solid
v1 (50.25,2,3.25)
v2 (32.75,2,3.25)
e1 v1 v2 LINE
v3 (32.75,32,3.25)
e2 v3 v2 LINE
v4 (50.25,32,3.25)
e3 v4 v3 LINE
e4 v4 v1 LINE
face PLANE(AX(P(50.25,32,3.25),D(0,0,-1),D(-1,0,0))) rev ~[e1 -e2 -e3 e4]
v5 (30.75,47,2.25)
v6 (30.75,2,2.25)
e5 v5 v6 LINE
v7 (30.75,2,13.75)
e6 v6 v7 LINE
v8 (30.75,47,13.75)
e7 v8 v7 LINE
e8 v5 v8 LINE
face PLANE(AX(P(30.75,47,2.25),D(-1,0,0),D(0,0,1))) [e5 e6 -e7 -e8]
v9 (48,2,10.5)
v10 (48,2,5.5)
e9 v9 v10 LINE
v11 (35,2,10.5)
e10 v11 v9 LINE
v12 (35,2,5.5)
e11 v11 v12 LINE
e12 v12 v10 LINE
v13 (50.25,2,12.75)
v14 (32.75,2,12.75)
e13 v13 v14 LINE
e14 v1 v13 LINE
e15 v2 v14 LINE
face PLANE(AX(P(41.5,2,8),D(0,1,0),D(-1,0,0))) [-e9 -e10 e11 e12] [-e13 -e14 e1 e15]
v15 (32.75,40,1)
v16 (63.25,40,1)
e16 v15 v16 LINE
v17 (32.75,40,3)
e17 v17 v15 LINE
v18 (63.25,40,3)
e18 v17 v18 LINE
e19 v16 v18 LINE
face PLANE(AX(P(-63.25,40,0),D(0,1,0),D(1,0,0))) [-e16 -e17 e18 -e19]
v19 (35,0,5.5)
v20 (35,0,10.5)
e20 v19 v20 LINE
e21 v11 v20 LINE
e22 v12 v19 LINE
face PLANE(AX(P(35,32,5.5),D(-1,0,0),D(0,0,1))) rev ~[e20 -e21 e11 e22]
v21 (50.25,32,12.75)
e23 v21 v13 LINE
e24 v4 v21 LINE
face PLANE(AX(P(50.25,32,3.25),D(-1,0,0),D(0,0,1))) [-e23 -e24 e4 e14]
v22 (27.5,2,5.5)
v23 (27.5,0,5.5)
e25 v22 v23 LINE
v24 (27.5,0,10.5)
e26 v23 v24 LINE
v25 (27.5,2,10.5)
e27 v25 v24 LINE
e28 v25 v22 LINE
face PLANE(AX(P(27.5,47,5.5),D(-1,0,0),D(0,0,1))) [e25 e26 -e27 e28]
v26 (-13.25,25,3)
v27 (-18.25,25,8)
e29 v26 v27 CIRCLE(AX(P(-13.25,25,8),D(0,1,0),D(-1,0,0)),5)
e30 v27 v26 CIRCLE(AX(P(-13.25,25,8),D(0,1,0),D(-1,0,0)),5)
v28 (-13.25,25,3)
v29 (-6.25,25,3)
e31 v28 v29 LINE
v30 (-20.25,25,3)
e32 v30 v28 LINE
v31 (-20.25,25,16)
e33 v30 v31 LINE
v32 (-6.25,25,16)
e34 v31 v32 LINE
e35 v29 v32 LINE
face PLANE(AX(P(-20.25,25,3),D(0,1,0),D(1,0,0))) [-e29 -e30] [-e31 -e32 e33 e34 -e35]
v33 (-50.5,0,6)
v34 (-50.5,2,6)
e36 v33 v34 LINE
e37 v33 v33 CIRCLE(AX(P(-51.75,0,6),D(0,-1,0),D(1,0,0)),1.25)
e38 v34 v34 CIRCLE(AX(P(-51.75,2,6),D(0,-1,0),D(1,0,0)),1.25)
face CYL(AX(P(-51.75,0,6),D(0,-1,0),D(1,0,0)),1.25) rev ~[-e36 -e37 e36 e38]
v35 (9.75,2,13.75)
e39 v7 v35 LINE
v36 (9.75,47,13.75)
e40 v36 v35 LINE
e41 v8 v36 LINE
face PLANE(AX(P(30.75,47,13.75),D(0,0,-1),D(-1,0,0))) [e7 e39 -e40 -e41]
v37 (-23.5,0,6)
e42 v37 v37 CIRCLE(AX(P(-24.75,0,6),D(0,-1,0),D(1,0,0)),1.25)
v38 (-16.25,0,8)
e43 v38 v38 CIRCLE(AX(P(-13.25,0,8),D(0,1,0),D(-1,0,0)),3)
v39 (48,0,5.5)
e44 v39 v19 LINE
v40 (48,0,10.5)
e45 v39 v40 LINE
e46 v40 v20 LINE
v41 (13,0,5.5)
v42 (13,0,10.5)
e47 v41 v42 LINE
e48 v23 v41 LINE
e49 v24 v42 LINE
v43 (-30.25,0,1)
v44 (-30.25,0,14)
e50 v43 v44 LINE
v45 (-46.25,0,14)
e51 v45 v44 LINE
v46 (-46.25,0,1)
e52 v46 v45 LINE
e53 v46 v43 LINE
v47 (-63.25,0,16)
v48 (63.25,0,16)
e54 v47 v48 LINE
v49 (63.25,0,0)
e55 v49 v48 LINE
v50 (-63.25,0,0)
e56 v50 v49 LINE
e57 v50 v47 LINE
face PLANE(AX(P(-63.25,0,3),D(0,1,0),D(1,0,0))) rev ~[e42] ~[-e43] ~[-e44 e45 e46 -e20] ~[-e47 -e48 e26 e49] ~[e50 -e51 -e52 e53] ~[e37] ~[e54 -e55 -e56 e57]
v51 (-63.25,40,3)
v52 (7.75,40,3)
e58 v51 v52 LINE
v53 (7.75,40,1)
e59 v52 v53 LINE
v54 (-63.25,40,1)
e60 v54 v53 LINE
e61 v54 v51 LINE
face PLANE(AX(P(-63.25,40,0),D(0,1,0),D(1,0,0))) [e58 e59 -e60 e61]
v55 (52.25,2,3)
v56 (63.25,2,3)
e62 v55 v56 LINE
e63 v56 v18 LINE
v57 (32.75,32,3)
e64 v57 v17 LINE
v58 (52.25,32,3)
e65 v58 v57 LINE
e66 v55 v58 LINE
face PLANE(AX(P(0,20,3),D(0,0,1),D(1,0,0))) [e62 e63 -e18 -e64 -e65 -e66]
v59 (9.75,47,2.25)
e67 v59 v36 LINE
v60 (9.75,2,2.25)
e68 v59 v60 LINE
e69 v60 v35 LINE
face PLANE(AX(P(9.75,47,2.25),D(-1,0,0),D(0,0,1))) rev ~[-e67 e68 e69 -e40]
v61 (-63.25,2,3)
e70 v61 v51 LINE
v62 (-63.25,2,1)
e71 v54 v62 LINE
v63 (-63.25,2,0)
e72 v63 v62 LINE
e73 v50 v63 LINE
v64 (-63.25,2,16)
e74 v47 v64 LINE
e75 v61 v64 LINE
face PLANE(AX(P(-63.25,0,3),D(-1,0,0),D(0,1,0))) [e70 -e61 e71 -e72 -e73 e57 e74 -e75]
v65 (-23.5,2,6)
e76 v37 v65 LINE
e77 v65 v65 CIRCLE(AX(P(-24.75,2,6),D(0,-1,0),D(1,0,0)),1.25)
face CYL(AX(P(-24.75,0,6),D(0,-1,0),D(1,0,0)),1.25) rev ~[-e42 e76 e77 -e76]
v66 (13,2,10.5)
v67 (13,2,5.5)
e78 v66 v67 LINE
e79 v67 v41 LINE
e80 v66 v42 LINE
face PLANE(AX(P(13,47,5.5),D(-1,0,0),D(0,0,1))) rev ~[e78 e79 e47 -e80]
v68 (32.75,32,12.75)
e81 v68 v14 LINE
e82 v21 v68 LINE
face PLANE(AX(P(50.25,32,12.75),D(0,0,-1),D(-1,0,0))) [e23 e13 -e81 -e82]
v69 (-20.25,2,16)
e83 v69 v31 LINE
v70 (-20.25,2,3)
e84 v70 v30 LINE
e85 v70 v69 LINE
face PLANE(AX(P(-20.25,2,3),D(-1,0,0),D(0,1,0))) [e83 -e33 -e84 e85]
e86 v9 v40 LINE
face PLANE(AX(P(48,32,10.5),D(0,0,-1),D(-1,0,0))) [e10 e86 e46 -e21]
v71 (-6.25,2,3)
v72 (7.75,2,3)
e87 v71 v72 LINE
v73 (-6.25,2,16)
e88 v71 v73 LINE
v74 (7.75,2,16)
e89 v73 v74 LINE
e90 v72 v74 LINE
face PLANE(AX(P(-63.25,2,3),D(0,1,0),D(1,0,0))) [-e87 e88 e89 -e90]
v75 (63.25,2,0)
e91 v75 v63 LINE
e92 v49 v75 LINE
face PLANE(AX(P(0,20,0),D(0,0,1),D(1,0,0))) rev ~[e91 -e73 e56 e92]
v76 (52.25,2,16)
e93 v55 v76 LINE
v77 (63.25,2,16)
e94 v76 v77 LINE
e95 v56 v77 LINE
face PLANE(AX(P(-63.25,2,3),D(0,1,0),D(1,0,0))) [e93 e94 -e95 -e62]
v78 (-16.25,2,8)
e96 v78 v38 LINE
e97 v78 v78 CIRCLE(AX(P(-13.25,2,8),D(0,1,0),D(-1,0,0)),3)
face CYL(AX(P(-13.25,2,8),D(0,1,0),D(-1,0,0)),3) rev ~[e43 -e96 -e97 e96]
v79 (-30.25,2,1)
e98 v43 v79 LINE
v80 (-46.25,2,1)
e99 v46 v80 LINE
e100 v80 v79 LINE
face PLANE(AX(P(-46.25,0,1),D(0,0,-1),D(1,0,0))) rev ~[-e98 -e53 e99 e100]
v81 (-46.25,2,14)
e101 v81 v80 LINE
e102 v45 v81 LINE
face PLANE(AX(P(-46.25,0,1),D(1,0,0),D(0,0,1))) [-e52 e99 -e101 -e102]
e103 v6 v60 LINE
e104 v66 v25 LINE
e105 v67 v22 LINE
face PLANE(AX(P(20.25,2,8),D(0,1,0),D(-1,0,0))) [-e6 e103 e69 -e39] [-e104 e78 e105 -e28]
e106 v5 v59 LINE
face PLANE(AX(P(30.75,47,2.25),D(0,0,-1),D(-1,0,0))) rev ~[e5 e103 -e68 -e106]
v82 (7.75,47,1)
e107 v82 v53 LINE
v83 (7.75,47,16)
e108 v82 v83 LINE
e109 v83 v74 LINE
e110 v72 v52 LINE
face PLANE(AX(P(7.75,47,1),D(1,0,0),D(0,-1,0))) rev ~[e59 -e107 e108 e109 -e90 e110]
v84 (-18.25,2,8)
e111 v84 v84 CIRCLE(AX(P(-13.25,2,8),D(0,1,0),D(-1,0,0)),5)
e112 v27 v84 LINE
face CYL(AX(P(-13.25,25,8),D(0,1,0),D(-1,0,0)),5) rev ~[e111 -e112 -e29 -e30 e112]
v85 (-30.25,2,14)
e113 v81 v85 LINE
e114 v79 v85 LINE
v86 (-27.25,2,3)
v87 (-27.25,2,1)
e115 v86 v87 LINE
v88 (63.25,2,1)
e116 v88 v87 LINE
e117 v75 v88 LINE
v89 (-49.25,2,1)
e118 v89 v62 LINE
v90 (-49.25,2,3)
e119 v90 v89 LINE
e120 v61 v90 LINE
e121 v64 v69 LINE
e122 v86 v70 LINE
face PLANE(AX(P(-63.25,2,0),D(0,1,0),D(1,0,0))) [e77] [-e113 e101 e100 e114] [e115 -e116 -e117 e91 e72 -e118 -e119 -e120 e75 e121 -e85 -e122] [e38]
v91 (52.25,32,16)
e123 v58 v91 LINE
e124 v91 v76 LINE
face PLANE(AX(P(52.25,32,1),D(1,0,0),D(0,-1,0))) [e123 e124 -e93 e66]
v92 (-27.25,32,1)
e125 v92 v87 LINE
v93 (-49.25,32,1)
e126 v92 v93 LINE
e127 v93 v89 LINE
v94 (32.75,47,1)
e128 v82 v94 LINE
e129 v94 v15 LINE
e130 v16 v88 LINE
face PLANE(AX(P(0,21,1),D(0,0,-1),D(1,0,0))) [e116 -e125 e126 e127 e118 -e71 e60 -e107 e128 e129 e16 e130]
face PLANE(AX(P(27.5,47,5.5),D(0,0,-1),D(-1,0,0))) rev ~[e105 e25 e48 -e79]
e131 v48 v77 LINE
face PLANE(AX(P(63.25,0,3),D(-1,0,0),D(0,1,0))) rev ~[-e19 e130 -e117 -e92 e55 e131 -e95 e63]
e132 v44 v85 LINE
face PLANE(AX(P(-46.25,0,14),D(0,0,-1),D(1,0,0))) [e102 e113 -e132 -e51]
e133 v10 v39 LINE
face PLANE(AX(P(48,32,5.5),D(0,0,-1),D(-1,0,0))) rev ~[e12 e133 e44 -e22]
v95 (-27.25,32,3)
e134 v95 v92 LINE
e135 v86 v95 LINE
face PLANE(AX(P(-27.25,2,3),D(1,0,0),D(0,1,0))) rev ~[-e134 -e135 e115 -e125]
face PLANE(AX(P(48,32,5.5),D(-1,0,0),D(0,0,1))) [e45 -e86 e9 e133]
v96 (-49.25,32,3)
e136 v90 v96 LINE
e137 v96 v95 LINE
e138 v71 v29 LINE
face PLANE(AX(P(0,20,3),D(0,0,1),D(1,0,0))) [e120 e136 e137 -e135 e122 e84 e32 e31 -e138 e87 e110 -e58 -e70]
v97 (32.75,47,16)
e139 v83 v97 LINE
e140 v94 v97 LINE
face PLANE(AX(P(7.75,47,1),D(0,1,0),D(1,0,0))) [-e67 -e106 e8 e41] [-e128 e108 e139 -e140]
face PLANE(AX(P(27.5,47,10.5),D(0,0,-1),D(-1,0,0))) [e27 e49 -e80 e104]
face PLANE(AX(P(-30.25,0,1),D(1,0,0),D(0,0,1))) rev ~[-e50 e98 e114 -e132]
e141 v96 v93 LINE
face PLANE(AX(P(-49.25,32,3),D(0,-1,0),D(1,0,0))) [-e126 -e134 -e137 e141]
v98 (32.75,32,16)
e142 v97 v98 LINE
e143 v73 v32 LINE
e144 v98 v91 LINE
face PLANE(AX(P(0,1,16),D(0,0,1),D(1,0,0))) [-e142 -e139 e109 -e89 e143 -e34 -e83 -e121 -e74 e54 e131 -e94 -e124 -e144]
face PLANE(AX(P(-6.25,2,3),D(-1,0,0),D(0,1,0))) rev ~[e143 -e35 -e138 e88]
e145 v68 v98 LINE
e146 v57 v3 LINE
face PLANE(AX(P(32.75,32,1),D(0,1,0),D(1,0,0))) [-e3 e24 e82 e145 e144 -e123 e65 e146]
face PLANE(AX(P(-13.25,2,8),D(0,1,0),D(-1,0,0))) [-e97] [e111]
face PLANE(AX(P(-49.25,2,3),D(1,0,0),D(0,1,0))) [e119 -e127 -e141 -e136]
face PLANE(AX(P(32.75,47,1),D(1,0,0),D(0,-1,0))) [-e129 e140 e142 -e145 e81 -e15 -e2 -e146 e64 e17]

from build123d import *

# Parameters (mm, degrees)
SKETCH_W        = 126.5
SKETCH_H        = 40
PAD_DEPTH       = 3
SKETCH001_W     = 126.5
SKETCH001_H     = 38
POCKET_DEPTH    = 1
SKETCH002_W     = 126.5
SKETCH002_H     = 2
PAD001_DEPTH    = 13
SKETCH003_W     = 19.5
SKETCH003_H     = 30
SKETCH003_W_2   = 25
SKETCH003_H_2   = 45
PAD002_DEPTH    = 15
SKETCH004_W     = 13
SKETCH004_H     = 5
POCKET001_DEPTH = 32.001
SKETCH005_W     = 17.5
SKETCH005_H     = 9.5
POCKET002_DEPTH = 30
SKETCH006_W     = 14.5
SKETCH006_H     = 5
POCKET003_DEPTH = 47.001
SKETCH007_W     = 21
SKETCH007_H     = 11.5
POCKET004_DEPTH = 45
SKETCH008_W     = 14
SKETCH008_H     = 23
PAD003_DEPTH    = 13
SKETCH009_R     = 5
POCKET005_DEPTH = 23
SKETCH010_R     = 3
POCKET006_DEPTH = 2.001
SKETCH011_R     = 1.25
SKETCH011_W     = 16
SKETCH011_H     = 13
POCKET007_DEPTH = 2
SKETCH012_W     = 22
SKETCH012_H     = 30
POCKET008_DEPTH = 3.001


with BuildPart() as part:
    # Sketch → Pad (new body)
    with BuildSketch(Plane.XY):
        with Locations((0, 20)):
            Rectangle(SKETCH_W, SKETCH_H)
    extrude(amount=PAD_DEPTH)

    # Sketch001 → Pocket (cut)
    with BuildSketch(Plane(origin=(0, 0, 0), x_dir=(1, 0, 0), z_dir=(0, 0, -1))):
        with Locations((0, -21)):
            Rectangle(SKETCH001_W, SKETCH001_H)
    extrude(amount=-POCKET_DEPTH, mode=Mode.SUBTRACT)

    # Sketch002 → Pad001 (new body)
    with BuildSketch(Plane.XY.offset(3)):
        with Locations((0, 1)):
            Rectangle(SKETCH002_W, SKETCH002_H)
    extrude(amount=PAD001_DEPTH)

    # Sketch003 → Pad002 (new body)
    with BuildSketch(Plane(origin=(0, 0, 1), x_dir=(1, 0, 0), z_dir=(0, 0, -1))):
        with Locations((42.5, -17)):
            Rectangle(SKETCH003_W, SKETCH003_H)
        with Locations((20.25, -24.5)):
            Rectangle(SKETCH003_W_2, SKETCH003_H_2)
    extrude(amount=-PAD002_DEPTH)

    # Sketch004 → Pocket001 (cut, through all)
    with BuildSketch(Plane(origin=(0, 32, 0), x_dir=(-1, 0, 0), z_dir=(0, 1, 0))):
        with Locations((-41.5, 8)):
            Rectangle(SKETCH004_W, SKETCH004_H)
    extrude(amount=-POCKET001_DEPTH, mode=Mode.SUBTRACT)

    # Sketch005 → Pocket002 (cut)
    with BuildSketch(Plane(origin=(0, 32, 0), x_dir=(-1, 0, 0), z_dir=(0, 1, 0))):
        with Locations((-41.5, 8)):
            Rectangle(SKETCH005_W, SKETCH005_H)
    extrude(amount=-POCKET002_DEPTH, mode=Mode.SUBTRACT)

    # Sketch006 → Pocket003 (cut, through all)
    with BuildSketch(Plane(origin=(0, 47, 0), x_dir=(-1, 0, 0), z_dir=(0, 1, 0))):
        with Locations((-20.25, 8)):
            Rectangle(SKETCH006_W, SKETCH006_H)
    extrude(amount=-POCKET003_DEPTH, mode=Mode.SUBTRACT)

    # Sketch007 → Pocket004 (cut)
    with BuildSketch(Plane(origin=(0, 47, 0), x_dir=(-1, 0, 0), z_dir=(0, 1, 0))):
        with Locations((-20.25, 8)):
            Rectangle(SKETCH007_W, SKETCH007_H)
    extrude(amount=-POCKET004_DEPTH, mode=Mode.SUBTRACT)

    # Sketch008 → Pad003 (new body)
    with BuildSketch(Plane.XY.offset(3)):
        with Locations((-13.25, 13.5)):
            Rectangle(SKETCH008_W, SKETCH008_H)
    extrude(amount=PAD003_DEPTH)

    # Sketch009 → Pocket005 (cut)
    with BuildSketch(Plane(origin=(0, 25, 0), x_dir=(-1, 0, 0), z_dir=(0, 1, 0))):
        with Locations((13.25, 8)):
            Circle(SKETCH009_R)
    extrude(amount=-POCKET005_DEPTH, mode=Mode.SUBTRACT)

    # Sketch010 → Pocket006 (cut, through all)
    with BuildSketch(Plane(origin=(0, 2, 0), x_dir=(-1, 0, 0), z_dir=(0, 1, 0))):
        with Locations((13.25, 8)):
            Circle(SKETCH010_R)
    extrude(amount=-POCKET006_DEPTH, mode=Mode.SUBTRACT)

    # Sketch011 → Pocket007 (cut)
    with BuildSketch(Plane.XZ):
        with Locations((-24.75, 6)):
            Circle(SKETCH011_R)
        with Locations((-51.75, 6)):
            Circle(SKETCH011_R)
        with Locations((-38.25, 7.5)):
            Rectangle(SKETCH011_W, SKETCH011_H)
    extrude(amount=-POCKET007_DEPTH, mode=Mode.SUBTRACT)

    # Sketch012 → Pocket008 (cut, through all)
    with BuildSketch(Plane.XY.offset(3)):
        with Locations((-38.25, 17)):
            Rectangle(SKETCH012_W, SKETCH012_H)
    extrude(amount=-POCKET008_DEPTH, mode=Mode.SUBTRACT)


solid = part.part
